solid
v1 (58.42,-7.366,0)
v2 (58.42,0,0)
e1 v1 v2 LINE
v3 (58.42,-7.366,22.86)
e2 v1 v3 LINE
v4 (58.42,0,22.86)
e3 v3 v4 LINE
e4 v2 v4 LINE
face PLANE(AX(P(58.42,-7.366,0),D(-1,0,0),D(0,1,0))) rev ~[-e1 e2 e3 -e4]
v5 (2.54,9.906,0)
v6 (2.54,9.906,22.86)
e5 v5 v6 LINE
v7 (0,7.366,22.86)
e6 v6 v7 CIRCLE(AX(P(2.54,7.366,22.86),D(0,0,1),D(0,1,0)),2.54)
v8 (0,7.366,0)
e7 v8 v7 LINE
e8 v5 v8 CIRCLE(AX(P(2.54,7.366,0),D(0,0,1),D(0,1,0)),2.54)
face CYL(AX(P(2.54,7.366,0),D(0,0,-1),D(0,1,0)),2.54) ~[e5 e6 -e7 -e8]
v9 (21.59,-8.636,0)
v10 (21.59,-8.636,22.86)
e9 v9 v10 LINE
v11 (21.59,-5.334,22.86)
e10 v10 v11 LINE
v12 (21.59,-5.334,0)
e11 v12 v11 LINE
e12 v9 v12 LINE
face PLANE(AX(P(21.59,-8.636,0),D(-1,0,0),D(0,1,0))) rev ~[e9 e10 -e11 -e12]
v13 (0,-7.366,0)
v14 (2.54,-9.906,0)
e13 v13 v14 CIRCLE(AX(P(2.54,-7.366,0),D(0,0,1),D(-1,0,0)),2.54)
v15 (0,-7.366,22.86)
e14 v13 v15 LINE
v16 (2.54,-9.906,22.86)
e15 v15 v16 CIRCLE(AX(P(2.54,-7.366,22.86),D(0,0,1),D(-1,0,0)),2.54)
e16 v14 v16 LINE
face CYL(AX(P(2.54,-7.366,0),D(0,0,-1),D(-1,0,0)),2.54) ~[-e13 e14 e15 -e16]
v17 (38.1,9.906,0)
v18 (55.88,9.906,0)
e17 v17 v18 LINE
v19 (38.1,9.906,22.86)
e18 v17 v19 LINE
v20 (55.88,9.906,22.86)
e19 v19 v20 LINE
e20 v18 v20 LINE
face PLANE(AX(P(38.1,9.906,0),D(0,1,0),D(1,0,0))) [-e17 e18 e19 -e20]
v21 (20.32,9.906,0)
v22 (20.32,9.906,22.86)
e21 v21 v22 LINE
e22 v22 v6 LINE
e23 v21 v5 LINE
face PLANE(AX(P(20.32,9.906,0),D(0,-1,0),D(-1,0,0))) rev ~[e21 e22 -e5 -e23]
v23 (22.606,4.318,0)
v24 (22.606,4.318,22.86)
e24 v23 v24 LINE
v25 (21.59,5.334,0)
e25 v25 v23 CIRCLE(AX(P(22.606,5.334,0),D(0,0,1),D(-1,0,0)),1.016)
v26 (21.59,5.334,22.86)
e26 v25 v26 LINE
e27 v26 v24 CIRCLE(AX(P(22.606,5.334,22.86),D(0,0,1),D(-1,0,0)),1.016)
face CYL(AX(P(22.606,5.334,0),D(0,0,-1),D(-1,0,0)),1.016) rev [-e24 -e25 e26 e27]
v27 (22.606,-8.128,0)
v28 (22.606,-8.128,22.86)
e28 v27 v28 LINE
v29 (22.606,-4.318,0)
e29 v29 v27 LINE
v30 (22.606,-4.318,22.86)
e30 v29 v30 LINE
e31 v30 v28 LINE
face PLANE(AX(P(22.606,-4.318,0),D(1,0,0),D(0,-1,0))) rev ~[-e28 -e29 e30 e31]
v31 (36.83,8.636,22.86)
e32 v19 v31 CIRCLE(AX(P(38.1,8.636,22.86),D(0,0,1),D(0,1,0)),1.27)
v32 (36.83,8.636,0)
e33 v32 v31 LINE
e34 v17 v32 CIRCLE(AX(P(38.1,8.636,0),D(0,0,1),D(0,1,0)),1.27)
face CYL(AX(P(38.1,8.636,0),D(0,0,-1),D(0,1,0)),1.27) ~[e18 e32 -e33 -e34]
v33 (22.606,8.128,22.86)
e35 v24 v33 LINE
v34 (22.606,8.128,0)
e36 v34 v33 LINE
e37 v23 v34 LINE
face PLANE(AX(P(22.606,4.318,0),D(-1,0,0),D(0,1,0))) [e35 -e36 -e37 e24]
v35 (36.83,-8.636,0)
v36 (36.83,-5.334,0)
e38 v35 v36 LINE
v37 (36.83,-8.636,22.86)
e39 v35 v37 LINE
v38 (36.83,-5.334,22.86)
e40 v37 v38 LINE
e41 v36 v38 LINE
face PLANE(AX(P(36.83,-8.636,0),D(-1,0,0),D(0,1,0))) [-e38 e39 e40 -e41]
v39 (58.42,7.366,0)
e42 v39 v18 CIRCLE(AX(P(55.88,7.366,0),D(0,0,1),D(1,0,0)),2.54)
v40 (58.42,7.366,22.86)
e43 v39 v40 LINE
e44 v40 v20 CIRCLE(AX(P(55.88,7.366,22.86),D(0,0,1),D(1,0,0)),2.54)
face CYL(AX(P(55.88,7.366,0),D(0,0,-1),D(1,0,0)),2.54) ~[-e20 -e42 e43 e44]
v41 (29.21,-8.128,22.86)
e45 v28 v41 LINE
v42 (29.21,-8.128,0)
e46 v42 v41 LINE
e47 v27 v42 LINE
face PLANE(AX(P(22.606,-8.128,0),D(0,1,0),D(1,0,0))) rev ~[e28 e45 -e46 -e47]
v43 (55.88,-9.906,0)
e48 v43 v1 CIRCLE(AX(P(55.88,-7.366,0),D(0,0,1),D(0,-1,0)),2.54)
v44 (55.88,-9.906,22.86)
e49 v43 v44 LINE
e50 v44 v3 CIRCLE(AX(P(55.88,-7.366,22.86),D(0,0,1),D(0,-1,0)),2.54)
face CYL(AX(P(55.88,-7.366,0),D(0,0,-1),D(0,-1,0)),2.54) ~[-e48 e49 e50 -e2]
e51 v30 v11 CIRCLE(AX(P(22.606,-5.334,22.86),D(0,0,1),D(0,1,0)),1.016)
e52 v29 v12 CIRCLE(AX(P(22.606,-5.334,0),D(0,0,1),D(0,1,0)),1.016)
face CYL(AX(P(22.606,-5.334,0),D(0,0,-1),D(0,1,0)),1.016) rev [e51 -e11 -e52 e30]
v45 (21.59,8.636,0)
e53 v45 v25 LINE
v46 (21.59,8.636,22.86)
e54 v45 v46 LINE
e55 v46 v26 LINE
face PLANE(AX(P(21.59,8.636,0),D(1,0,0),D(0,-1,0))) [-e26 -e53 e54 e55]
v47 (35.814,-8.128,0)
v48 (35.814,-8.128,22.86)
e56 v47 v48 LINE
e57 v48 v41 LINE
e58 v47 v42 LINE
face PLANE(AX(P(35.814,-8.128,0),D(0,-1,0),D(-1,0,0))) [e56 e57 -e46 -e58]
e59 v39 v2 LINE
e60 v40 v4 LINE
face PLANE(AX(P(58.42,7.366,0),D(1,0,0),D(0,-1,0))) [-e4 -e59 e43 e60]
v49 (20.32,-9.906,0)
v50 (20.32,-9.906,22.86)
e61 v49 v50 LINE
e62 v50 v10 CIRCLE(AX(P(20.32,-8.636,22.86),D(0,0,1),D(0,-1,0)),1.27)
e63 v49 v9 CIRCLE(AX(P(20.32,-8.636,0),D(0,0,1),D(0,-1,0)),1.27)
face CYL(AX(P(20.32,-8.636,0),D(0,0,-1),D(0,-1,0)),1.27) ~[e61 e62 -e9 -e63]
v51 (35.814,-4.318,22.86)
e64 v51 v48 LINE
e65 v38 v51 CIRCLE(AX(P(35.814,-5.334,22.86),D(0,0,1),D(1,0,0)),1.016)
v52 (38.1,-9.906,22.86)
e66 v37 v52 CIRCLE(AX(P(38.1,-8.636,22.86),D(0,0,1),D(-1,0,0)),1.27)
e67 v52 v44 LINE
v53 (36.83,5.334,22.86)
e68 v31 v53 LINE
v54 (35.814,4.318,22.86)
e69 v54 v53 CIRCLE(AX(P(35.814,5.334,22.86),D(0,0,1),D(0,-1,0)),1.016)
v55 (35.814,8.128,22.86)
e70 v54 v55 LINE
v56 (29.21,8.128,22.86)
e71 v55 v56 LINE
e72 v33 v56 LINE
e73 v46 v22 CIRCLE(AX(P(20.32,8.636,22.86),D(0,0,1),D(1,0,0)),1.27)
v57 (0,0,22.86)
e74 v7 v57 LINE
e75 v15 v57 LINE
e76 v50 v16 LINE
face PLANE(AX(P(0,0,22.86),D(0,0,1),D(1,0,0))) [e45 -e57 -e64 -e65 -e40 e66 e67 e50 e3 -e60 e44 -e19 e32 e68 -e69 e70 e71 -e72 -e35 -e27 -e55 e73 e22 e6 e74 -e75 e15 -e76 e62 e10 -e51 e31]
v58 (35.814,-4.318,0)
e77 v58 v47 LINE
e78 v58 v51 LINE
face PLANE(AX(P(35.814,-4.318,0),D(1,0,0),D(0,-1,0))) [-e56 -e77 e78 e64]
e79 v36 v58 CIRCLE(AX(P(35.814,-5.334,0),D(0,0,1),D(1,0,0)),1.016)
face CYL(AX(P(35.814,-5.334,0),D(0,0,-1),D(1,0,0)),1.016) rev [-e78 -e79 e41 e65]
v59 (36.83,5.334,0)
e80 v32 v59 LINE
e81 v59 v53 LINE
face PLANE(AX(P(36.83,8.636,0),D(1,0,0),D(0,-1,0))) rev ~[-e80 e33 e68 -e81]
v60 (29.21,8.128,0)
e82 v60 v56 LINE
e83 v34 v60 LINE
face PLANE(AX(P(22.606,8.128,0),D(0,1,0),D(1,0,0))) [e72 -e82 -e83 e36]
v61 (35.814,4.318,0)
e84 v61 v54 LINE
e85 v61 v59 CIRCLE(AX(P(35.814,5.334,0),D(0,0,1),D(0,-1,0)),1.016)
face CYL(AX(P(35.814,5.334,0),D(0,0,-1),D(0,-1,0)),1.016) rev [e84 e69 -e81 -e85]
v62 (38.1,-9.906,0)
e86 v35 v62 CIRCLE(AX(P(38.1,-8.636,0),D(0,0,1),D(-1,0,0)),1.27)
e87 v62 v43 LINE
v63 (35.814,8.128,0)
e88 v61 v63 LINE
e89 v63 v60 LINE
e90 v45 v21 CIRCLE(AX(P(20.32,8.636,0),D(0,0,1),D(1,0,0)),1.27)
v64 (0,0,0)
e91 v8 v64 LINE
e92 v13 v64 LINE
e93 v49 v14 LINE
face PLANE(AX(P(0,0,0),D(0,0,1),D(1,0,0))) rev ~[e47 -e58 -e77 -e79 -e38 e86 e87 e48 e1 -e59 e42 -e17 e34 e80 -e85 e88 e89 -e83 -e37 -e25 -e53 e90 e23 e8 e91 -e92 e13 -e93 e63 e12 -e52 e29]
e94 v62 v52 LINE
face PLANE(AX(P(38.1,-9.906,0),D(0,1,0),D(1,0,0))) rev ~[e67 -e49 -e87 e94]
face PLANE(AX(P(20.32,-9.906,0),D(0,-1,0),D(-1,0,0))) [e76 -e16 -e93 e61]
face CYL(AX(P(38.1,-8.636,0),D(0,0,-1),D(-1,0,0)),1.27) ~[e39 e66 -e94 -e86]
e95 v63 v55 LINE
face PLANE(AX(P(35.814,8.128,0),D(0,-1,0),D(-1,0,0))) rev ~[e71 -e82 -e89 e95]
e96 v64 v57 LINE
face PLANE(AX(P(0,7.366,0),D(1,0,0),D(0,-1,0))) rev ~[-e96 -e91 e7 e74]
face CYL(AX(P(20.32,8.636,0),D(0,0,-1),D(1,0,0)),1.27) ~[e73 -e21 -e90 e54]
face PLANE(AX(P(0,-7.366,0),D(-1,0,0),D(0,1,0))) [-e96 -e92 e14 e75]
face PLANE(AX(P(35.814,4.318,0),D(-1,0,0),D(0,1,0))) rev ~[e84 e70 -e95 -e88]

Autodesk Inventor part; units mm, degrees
ref_plane "YZ Plane" through (0, 0, 0) normal (1, 0, 0) x (0, 1, 0)
ref_plane "XZ Plane" through (0, 0, 0) normal (0, 1, 0) x (-1, 0, 0)
ref_plane "XY Plane" through (0, 0, 0) normal (0, 0, 1) x (1, 0, 0)
sketch "Sketch1" plane through (0, 0, 0) normal (0, 0, 1) x (1, 0, 0)
  line L0 (20.32, 9.906) -> (2.54, 9.906)
  line L1 (0, 7.366) -> (0, 0)
  line L2 (22.606, 4.318) -> (22.606, 8.128)
  line L3 (22.606, 8.128) -> (29.21, 8.128)
  line L4 (21.59, 8.636) -> (21.59, 5.334)
  arc A0 (21.59, 5.334) -> (22.606, 4.318) centre (22.606, 5.334) ccw
  arc A1 (2.54, 9.906) -> (0, 7.366) centre (2.54, 7.366) ccw
  arc A2 (21.59, 8.636) -> (20.32, 9.906) centre (20.32, 8.636) ccw
  line L5 (0, 0) -> (29.21, 0) construction
  line L6 (29.21, 0) -> (29.21, 8.128) construction
  line L7 (38.1, 9.906) -> (55.88, 9.906)
  line L8 (58.42, 7.366) -> (58.42, 0)
  line L9 (35.814, 4.318) -> (35.814, 8.128)
  line L10 (35.814, 8.128) -> (29.21, 8.128)
  line L11 (36.83, 8.636) -> (36.83, 5.334)
  arc A3 (35.814, 4.318) -> (36.83, 5.334) centre (35.814, 5.334) ccw
  arc A4 (58.42, 7.366) -> (55.88, 9.906) centre (55.88, 7.366) ccw
  arc A5 (38.1, 9.906) -> (36.83, 8.636) centre (38.1, 8.636) ccw
  line L12 (20.32, -9.906) -> (2.54, -9.906)
  line L13 (0, -7.366) -> (0, 0)
  line L14 (22.606, -4.318) -> (22.606, -8.128)
  line L15 (22.606, -8.128) -> (29.21, -8.128)
  line L16 (21.59, -8.636) -> (21.59, -5.334)
  arc A6 (22.606, -4.318) -> (21.59, -5.334) centre (22.606, -5.334) ccw
  arc A7 (0, -7.366) -> (2.54, -9.906) centre (2.54, -7.366) ccw
  arc A8 (20.32, -9.906) -> (21.59, -8.636) centre (20.32, -8.636) ccw
  line L17 (29.21, 0) -> (29.21, -8.128) construction
  line L18 (38.1, -9.906) -> (55.88, -9.906)
  line L19 (36.83, -8.636) -> (36.83, -5.334)
  arc A9 (55.88, -9.906) -> (58.42, -7.366) centre (55.88, -7.366) ccw
  arc A10 (36.83, -8.636) -> (38.1, -9.906) centre (38.1, -8.636) ccw
  line L20 (35.814, -8.128) -> (29.21, -8.128)
  line L21 (35.814, -4.318) -> (35.814, -8.128)
  arc A11 (36.83, -5.334) -> (35.814, -4.318) centre (35.814, -5.334) ccw
  line L22 (58.42, -7.366) -> (58.42, 0)
  point P0 (0, 9.906)
  point P1 (58.42, 9.906)
  point P2 (0, -9.906)
  point P3 (58.42, -9.906)
  dimension "d7" = 1.016
  dimension "d8" = 5.588
  dimension "d9" = 9.906
  dimension "d10" = 2.54
  dimension "d11" = 1.27
  dimension "d12" = 8.128
  dimension "d13" = 29.21
extrude "Extrusion1" add sketch "Sketch1" along normal blind 22.86
properties part number "Automoblox Connector"
